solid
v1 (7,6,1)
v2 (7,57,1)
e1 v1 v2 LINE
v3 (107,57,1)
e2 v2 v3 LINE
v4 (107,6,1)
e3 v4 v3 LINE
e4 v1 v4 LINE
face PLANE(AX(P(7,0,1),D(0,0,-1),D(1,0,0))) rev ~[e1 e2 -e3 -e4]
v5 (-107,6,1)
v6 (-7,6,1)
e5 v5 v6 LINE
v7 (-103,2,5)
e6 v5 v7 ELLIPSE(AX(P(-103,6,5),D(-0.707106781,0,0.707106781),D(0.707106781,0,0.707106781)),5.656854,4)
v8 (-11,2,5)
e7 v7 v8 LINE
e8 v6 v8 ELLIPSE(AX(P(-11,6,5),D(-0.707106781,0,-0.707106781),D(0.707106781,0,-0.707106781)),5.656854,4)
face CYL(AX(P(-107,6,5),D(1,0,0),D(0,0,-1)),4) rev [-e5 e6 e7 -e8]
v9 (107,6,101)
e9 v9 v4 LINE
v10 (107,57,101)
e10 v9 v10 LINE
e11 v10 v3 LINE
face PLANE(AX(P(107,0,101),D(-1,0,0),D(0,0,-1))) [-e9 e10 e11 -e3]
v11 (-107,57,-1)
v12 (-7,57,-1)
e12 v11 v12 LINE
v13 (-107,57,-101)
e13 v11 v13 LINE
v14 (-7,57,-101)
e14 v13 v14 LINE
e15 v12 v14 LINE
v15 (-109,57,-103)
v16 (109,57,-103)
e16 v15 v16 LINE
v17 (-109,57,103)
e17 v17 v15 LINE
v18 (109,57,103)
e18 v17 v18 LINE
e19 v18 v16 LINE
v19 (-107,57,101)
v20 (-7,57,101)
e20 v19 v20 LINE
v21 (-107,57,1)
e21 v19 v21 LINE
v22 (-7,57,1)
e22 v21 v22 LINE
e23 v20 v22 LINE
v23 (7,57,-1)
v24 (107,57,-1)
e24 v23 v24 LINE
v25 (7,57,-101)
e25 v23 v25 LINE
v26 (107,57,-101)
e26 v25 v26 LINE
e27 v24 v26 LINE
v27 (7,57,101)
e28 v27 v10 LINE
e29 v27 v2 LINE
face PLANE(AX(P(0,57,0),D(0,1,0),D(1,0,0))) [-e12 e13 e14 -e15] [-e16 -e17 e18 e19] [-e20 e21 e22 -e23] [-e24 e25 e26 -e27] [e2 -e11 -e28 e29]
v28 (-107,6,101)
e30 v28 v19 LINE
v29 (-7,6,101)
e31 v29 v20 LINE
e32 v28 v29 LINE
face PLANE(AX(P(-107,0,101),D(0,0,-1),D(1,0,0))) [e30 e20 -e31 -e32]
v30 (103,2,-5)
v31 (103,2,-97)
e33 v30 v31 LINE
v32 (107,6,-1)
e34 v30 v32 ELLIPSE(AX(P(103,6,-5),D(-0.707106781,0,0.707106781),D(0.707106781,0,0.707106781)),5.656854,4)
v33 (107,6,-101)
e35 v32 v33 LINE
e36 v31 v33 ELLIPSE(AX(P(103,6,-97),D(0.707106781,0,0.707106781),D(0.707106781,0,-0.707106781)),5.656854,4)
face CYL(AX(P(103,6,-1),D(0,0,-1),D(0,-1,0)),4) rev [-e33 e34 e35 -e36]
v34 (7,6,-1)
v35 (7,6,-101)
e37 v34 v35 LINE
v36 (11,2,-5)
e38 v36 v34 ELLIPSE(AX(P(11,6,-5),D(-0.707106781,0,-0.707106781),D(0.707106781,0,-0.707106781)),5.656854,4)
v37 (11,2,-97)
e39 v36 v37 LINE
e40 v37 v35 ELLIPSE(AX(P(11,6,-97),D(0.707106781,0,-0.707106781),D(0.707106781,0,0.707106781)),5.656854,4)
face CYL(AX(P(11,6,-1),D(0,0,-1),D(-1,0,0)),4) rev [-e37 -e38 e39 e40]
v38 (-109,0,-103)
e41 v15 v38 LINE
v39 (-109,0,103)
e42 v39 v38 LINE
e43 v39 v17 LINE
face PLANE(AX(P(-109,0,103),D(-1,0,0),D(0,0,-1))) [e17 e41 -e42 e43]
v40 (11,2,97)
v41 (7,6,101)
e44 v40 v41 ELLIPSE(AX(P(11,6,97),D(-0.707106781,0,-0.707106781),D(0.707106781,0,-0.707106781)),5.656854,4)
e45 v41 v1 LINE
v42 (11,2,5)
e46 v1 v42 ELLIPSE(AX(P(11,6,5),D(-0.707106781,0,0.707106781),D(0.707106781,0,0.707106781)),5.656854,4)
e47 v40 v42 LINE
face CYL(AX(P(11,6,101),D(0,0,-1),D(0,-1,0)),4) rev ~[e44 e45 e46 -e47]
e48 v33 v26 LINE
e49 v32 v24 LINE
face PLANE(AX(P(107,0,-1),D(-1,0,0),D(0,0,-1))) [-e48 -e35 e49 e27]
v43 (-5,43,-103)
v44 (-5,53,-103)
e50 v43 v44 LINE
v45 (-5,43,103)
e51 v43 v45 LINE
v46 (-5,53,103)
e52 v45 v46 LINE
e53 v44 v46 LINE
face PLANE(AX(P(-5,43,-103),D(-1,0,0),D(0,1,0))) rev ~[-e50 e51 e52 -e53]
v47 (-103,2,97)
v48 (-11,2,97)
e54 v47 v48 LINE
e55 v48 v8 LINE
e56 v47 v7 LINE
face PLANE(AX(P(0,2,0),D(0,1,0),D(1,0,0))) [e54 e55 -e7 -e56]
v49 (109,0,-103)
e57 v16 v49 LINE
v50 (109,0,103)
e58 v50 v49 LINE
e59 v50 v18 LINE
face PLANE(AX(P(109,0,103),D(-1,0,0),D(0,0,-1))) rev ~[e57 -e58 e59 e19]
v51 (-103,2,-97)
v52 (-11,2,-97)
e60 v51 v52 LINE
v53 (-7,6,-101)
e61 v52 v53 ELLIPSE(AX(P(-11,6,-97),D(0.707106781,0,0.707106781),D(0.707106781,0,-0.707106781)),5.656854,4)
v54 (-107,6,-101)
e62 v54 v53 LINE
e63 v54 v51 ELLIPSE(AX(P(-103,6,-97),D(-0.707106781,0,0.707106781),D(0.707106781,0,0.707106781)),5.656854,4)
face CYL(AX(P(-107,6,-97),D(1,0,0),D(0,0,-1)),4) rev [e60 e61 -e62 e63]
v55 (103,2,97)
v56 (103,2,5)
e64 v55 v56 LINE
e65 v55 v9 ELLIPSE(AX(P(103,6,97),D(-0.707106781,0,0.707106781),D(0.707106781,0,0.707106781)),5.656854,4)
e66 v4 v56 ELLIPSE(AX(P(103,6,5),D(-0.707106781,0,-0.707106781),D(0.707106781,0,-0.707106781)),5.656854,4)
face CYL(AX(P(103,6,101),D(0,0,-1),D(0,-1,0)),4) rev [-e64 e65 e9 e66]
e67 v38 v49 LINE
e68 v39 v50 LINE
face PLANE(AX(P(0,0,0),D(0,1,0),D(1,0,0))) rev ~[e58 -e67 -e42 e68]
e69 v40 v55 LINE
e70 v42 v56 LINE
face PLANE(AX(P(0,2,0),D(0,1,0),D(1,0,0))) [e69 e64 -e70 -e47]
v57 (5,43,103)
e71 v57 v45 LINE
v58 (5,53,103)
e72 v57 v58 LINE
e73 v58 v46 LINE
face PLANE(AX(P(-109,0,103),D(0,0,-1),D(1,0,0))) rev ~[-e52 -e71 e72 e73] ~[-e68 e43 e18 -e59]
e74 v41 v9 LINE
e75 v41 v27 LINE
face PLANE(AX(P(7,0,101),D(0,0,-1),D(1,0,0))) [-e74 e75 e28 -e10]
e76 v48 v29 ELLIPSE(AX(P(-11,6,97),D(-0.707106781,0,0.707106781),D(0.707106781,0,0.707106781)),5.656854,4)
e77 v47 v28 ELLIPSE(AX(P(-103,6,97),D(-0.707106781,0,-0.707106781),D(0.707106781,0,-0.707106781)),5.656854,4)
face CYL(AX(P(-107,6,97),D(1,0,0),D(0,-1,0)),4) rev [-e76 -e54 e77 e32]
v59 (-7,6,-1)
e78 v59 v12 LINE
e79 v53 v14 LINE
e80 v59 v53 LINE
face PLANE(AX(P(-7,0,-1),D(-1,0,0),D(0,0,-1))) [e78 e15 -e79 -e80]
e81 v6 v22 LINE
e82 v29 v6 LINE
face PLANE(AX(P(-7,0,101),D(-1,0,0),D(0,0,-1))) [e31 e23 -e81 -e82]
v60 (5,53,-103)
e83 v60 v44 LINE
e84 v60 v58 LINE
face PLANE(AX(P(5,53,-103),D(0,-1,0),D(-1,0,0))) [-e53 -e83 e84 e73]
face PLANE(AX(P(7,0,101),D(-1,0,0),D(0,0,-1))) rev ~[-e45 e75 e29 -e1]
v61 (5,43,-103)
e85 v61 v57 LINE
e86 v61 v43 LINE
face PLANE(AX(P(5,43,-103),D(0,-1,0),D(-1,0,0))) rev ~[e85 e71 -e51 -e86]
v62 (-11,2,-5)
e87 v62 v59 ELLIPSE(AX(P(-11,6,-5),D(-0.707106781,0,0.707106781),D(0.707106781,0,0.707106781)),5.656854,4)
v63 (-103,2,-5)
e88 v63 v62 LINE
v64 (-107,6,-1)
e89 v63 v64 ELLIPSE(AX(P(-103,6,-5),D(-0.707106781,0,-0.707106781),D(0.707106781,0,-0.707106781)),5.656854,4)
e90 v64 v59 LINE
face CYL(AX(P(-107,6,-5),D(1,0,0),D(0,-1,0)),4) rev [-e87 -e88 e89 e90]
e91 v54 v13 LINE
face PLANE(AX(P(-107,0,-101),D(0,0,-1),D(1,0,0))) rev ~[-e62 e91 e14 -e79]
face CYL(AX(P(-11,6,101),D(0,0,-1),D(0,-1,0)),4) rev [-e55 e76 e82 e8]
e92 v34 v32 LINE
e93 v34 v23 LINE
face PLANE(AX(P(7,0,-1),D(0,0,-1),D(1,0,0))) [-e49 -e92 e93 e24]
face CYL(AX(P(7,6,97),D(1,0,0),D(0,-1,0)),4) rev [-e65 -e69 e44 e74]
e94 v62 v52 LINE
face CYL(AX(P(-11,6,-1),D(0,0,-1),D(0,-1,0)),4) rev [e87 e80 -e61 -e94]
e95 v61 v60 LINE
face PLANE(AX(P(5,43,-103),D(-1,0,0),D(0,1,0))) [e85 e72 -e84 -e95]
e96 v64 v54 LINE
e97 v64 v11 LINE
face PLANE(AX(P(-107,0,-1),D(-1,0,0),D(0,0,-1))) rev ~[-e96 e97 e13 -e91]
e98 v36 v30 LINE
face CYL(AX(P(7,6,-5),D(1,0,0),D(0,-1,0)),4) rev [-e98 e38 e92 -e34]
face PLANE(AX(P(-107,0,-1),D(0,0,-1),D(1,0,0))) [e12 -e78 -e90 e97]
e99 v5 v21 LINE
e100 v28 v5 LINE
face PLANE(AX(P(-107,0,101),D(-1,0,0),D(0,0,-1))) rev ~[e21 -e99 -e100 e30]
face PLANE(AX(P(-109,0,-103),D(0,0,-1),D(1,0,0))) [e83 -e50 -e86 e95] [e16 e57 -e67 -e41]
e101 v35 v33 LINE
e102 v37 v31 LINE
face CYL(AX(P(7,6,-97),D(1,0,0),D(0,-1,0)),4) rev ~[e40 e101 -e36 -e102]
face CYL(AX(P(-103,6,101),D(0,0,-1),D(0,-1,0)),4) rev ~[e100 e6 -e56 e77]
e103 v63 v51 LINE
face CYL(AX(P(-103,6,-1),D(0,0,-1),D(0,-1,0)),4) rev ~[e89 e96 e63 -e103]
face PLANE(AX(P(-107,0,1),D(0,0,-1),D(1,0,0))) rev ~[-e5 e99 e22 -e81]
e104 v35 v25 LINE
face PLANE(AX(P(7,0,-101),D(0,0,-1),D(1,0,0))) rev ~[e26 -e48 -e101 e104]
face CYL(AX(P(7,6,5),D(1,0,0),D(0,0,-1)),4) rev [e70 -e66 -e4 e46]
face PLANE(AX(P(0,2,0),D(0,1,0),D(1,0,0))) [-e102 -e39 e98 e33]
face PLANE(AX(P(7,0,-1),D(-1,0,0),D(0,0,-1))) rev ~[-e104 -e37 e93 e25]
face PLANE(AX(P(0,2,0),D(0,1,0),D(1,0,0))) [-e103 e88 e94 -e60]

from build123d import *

# Parameters (mm, degrees)
SKETCH1_W           = 218
SKETCH1_H           = 206
SKETCH1_W_2         = 100
SKETCH1_H_2         = 100
BOSS_EXTRUDE1_DEPTH = 57
SKETCH2_W           = 218
SKETCH2_H           = 206
BOSS_EXTRUDE2_DEPTH = 2
FILLET1_R           = 4
SKETCH3_W           = 10
SKETCH3_H           = 10
CUT_EXTRUDE1_DEPTH  = 240.929156211


with BuildPart() as part:
    # Sketch1 → Boss-Extrude1 (new body)
    with BuildSketch(Plane(origin=(0, 0, 0), x_dir=(1, 0, 0), z_dir=(0, 1, 0))):
        Rectangle(SKETCH1_W, SKETCH1_H)
        with Locations((-57, -51)):
            Rectangle(SKETCH1_W_2, SKETCH1_H_2, mode=Mode.SUBTRACT)
        with Locations((57, -51)):
            Rectangle(SKETCH1_W_2, SKETCH1_H_2, mode=Mode.SUBTRACT)
        with Locations((-57, 51)):
            Rectangle(SKETCH1_W_2, SKETCH1_H_2, mode=Mode.SUBTRACT)
        with Locations((57, 51)):
            Rectangle(SKETCH1_W_2, SKETCH1_H_2, mode=Mode.SUBTRACT)
    extrude(amount=BOSS_EXTRUDE1_DEPTH)

    # Sketch2 → Boss-Extrude2 (add)
    with BuildSketch(Plane(origin=(0, 0, 0), x_dir=(1, 0, 0), z_dir=(0, 1, 0))):
        Rectangle(SKETCH2_W, SKETCH2_H)
    extrude(amount=BOSS_EXTRUDE2_DEPTH)

    # Fillet1
    fillet1_edges = [part.edges().sort_by_distance(p)[0] for p in [
        (57, 2, -1),
        (-57, 2, 1),
        (-107, 2, 51),
        (-57, 2, 101),
        (-7, 2, 51),
        (57, 2, 1),
        (7, 2, 51),
        (57, 2, 101),
        (107, 2, 51),
        (-57, 2, -1),
        (-7, 2, -51),
        (-57, 2, -101),
        (-107, 2, -51),
        (107, 2, -51),
        (57, 2, -101),
        (7, 2, -51),
    ]]
    fillet(fillet1_edges, radius=FILLET1_R)

    # Sketch3 → Cut-Extrude1 (cut, through all)
    with BuildSketch(Plane(origin=(0, 0, -103), x_dir=(-1, 0, 0), z_dir=(0, 0, -1))):
        with Locations((0, 48)):
            Rectangle(SKETCH3_W, SKETCH3_H)
    extrude(amount=-CUT_EXTRUDE1_DEPTH, mode=Mode.SUBTRACT)


solid = part.part
